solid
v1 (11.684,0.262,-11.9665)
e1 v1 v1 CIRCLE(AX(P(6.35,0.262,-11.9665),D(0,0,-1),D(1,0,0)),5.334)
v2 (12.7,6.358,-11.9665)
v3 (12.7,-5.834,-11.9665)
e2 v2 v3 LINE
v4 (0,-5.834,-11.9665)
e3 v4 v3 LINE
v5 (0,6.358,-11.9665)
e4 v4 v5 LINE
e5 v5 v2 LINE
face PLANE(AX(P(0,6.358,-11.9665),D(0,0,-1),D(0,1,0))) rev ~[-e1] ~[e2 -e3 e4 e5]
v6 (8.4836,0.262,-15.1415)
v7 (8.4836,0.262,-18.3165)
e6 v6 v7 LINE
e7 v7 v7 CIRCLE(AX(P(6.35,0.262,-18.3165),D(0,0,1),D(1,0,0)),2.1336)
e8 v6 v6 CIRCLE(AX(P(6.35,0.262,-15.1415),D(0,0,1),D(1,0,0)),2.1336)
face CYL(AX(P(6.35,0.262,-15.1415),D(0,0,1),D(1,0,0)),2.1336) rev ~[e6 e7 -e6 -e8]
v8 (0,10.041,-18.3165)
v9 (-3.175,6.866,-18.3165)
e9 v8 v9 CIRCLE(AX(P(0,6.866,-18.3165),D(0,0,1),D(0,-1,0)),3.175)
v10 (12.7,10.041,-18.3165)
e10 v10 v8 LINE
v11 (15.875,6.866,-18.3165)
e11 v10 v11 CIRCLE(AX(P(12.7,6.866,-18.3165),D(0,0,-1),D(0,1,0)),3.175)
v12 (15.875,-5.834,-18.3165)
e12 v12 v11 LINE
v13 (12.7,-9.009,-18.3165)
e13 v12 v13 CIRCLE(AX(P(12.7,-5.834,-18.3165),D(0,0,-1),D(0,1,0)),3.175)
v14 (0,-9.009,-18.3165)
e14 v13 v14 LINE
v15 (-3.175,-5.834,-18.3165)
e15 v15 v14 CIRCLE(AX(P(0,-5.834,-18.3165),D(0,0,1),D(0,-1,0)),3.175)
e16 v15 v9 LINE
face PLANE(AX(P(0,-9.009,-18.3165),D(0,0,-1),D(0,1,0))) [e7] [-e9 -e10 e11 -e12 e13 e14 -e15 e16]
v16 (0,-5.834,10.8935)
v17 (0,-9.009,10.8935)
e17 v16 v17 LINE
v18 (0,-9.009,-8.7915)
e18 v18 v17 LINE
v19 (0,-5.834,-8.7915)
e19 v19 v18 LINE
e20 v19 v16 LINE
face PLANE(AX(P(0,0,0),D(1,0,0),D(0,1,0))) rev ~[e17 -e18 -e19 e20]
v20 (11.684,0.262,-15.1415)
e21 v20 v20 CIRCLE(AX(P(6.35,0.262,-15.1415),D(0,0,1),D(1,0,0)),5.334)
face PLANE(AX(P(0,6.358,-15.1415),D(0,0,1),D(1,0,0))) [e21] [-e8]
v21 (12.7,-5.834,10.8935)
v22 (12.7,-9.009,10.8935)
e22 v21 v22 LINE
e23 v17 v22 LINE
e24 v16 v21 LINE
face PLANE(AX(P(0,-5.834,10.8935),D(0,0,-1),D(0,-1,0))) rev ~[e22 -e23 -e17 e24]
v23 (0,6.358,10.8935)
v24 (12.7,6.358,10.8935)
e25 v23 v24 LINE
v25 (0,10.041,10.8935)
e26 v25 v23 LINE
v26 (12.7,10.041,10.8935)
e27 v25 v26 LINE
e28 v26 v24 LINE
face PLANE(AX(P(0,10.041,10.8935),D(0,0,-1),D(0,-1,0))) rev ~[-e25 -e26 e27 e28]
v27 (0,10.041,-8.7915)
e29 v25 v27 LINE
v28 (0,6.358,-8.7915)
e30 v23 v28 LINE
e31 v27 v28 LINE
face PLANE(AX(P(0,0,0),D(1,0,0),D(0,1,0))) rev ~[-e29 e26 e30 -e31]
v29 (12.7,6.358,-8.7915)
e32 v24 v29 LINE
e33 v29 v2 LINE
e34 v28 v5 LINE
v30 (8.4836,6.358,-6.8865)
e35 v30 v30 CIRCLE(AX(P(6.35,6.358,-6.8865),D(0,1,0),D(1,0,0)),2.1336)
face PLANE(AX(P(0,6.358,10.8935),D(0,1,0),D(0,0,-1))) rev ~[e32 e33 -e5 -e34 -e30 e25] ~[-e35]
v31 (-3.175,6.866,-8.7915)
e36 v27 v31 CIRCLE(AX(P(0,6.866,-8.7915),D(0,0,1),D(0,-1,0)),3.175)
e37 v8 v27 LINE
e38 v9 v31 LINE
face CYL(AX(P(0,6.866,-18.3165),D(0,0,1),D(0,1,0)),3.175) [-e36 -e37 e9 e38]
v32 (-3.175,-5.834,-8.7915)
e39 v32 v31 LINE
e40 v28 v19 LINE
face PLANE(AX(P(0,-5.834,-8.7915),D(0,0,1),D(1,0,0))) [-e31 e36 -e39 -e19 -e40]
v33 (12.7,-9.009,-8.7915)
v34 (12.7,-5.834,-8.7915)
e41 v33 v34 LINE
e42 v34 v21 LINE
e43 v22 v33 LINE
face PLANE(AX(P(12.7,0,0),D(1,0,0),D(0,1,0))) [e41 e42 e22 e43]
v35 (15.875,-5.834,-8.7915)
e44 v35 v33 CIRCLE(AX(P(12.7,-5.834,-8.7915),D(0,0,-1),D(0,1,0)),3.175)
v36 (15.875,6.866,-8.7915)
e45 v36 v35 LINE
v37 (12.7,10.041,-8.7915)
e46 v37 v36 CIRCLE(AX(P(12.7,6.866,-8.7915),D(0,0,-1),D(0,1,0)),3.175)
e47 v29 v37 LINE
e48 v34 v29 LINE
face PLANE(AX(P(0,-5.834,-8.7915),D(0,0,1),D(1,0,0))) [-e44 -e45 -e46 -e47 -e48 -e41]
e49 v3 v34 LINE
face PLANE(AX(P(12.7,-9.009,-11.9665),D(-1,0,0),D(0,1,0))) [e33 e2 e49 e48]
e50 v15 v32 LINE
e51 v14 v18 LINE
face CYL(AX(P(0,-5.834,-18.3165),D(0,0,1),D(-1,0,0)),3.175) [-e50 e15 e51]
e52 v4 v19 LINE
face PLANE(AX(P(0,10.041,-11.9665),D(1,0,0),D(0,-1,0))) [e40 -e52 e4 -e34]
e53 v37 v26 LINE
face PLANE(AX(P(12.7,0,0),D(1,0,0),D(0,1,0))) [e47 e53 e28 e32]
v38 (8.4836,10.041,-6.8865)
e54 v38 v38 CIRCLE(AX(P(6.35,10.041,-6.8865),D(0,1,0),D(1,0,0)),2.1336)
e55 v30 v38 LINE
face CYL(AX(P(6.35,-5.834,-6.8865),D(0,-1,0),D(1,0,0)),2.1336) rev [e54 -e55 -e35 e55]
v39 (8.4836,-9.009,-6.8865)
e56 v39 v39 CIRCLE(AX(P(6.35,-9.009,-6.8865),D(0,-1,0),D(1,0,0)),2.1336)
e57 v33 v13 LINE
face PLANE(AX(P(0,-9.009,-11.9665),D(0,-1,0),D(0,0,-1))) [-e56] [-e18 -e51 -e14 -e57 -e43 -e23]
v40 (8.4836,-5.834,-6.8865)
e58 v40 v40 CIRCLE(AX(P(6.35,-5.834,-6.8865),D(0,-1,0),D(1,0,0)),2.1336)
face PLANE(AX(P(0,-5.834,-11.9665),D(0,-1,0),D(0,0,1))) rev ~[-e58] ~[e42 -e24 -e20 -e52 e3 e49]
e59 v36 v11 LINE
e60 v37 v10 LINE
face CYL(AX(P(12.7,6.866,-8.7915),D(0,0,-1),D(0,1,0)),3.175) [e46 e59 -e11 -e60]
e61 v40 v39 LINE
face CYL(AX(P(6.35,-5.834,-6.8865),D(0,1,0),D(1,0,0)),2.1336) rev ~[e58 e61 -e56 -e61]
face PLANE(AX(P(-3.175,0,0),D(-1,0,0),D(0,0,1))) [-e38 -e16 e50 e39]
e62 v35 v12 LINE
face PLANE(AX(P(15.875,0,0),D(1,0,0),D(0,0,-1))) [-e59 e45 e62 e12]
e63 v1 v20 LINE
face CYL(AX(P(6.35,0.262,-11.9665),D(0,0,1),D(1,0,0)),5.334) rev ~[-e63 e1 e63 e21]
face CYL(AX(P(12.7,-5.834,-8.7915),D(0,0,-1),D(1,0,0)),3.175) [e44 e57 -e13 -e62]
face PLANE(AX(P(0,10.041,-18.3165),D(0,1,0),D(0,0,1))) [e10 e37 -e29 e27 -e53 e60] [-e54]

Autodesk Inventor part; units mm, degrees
ref_plane "YZ Plane" through (0, 0, 0) normal (1, 0, 0) x (0, 1, 0)
ref_plane "XZ Plane" through (0, 0, 0) normal (0, 1, 0) x (-1, 0, 0)
ref_plane "XY Plane" through (0, 0, 0) normal (0, 0, 1) x (1, 0, 0)
sketch "Sketch1" plane through (0, 0, 0) normal (1, 0, 0) x (0, 1, 0)
  line L0 (-5.834, -11.9665) -> (6.358, -11.9665)
  line L1 (6.358, -11.9665) -> (9.533, -11.9665)
  line L2 (-5.834, -11.9665) -> (-9.009, -11.9665)
  line L3 (6.358, -11.9665) -> (10.041, -11.9665)
  line L4 (10.041, -11.9665) -> (10.041, 10.8935)
  line L5 (10.041, 10.8935) -> (6.358, 10.8935)
  line L6 (6.358, 10.8935) -> (6.358, -11.9665)
  line L7 (-9.009, -11.9665) -> (-5.834, -11.9665)
  line L8 (-5.834, -11.9665) -> (-5.834, 10.8935)
  line L9 (-5.834, 10.8935) -> (-9.009, 10.8935)
  line L10 (-9.009, 10.8935) -> (-9.009, -11.9665)
  line L11 (10.041, -11.9665) -> (-9.009, -11.9665)
  line L12 (-9.009, -11.9665) -> (-9.009, -18.3165)
  line L13 (-9.009, -18.3165) -> (10.041, -18.3165)
  line L14 (10.041, -18.3165) -> (10.041, -11.9665)
  point P0 (0, 0)
  dimension "d0" = 12.192
  dimension "d1" = 3.175
  dimension "d2" = 3.175
  dimension "d3" = 22.86
extrude "Extrusion1" add sketch "Sketch1" along normal blind 12.7
sketch "Sketch2" plane through (0, -5.834, 10.8935) normal (0, 1, 0) x (1, 0, 0)
  line L0 (0, 22.86) -> (12.7, 22.86) projected
  line L1 (12.7, 22.86) -> (0, 22.86)
  line L2 (6.35, 22.86) -> (6.35, 17.78)
  circle A0 centre (6.35, 17.78) radius 2.1336
  point P0 (0, 10.8935)
  dimension "d6" = 5.08
  dimension "d7" = 4.2672
extrude "Extrusion2" cut sketch "Sketch2" along normal through all both and the other way through all
sketch "Sketch3" plane through (12.7, 0, 0) normal (1, 0, 0) x (0, 0, -1)
  line L0 (18.3165, 10.041) -> (-10.8935, 10.041) projected
  line L1 (11.9665, 6.358) -> (11.9665, -5.834) projected
  line L2 (-10.8935, -9.009) -> (18.3165, -9.009) projected
  line L3 (18.3165, -9.009) -> (18.3165, 10.041) projected
  line L4 (18.3165, 10.041) -> (11.9665, 10.041)
  line L5 (11.9665, 10.041) -> (11.9665, -9.009)
  line L6 (11.9665, -9.009) -> (18.3165, -9.009)
  line L7 (18.3165, -9.009) -> (18.3165, 10.041)
  point P0 (0, 0)
  point P1 (11.9665, -5.834)
  point P2 (11.9665, 6.358)
extrude "Extrusion3" add sketch "Sketch3" along normal blind 3.175
sketch "Sketch4" plane through (0, 0, 0) normal (-1, 0, 0) x (0, 0, 1)
  line L0 (-18.3165, 10.041) -> (10.8935, 10.041) projected
  line L1 (-18.3165, -9.009) -> (-18.3165, 10.041) projected
  line L2 (10.8935, -9.009) -> (-18.3165, -9.009) projected
  line L3 (-11.9665, 6.358) -> (-11.9665, -5.834) projected
  line L4 (-11.9665, 6.358) -> (-11.9665, 10.041) projected
  line L5 (-18.3165, -9.009) -> (-11.9665, -9.009)
  line L6 (-11.9665, -9.009) -> (-11.9665, 10.041)
  line L7 (-11.9665, 10.041) -> (-18.3165, 10.041)
  line L8 (-18.3165, 10.041) -> (-18.3165, -9.009)
  point P0 (0, 0)
extrude "Extrusion4" add sketch "Sketch4" along normal blind 3.175
sketch "Sketch5" plane through (0, -5.834, -11.9665) normal (0, 0, 1) x (1, 0, 0)
  line L0 (12.7, -3.175) -> (12.7, 0) projected
  line L1 (12.7, -3.175) -> (15.875, -3.175) projected
  line L2 (15.875, 15.875) -> (15.875, -3.175) projected
  line L3 (12.7, 15.875) -> (15.875, 15.875) projected
  line L4 (12.7, 12.192) -> (12.7, 15.875) projected
  line L5 (0, 15.875) -> (0, 12.192) projected
  line L6 (0, 15.875) -> (-3.175, 15.875) projected
  line L7 (-3.175, -3.175) -> (-3.175, 15.875) projected
  line L8 (0, -3.175) -> (-3.175, -3.175) projected
  line L9 (0, 0) -> (0, -3.175) projected
  line L10 (-3.175, 15.875) -> (0, 15.875)
  line L11 (0, 15.875) -> (0, -3.175)
  line L12 (0, -3.175) -> (-3.175, -3.175)
  line L13 (-3.175, -3.175) -> (-3.175, 15.875)
  line L14 (12.7, -3.175) -> (15.875, -3.175)
  line L15 (15.875, -3.175) -> (15.875, 15.875)
  line L16 (15.875, 15.875) -> (12.7, 15.875)
  line L17 (12.7, 15.875) -> (12.7, -3.175)
  point P0 (0, 5.834)
extrude "Extrusion5" add sketch "Sketch5" along normal blind 3.175
sketch "Sketch6" plane through (0, 6.358, -11.9665) normal (0, 0, 1) x (1, 0, 0)
  line L0 (0, 0) -> (12.7, 0) projected
  line L1 (0, -12.192) -> (12.7, -12.192) projected
  line L2 (6.35, 0) -> (6.35, -12.192)
  circle A0 centre (6.35, -6.096) radius 5.334
  point P0 (0, -6.358)
  dimension "d16" = 10.668
extrude "Extrusion6" cut sketch "Sketch6" against normal blind 3.175
sketch "Sketch7" plane through (6.35, 0.262, -15.1415) normal (0, 0, 1) x (1, 0, 0)
  circle A0 centre (0, 0) radius 5.334 projected
  circle A1 centre (0, 0) radius 2.1336
  point P0 (-6.35, -0.262)
  dimension "d19" = 4.2672
extrude "Extrusion7" cut sketch "Sketch7" against normal through all contours A1
fillet "Fillet1" radius 3.175 4 edges at (15.875, -9.009, -13.554) (15.875, 10.041, -13.554) (-3.175, 10.041, -13.554) (-3.175, -9.009, -13.554)
properties part number "pto piston part"
